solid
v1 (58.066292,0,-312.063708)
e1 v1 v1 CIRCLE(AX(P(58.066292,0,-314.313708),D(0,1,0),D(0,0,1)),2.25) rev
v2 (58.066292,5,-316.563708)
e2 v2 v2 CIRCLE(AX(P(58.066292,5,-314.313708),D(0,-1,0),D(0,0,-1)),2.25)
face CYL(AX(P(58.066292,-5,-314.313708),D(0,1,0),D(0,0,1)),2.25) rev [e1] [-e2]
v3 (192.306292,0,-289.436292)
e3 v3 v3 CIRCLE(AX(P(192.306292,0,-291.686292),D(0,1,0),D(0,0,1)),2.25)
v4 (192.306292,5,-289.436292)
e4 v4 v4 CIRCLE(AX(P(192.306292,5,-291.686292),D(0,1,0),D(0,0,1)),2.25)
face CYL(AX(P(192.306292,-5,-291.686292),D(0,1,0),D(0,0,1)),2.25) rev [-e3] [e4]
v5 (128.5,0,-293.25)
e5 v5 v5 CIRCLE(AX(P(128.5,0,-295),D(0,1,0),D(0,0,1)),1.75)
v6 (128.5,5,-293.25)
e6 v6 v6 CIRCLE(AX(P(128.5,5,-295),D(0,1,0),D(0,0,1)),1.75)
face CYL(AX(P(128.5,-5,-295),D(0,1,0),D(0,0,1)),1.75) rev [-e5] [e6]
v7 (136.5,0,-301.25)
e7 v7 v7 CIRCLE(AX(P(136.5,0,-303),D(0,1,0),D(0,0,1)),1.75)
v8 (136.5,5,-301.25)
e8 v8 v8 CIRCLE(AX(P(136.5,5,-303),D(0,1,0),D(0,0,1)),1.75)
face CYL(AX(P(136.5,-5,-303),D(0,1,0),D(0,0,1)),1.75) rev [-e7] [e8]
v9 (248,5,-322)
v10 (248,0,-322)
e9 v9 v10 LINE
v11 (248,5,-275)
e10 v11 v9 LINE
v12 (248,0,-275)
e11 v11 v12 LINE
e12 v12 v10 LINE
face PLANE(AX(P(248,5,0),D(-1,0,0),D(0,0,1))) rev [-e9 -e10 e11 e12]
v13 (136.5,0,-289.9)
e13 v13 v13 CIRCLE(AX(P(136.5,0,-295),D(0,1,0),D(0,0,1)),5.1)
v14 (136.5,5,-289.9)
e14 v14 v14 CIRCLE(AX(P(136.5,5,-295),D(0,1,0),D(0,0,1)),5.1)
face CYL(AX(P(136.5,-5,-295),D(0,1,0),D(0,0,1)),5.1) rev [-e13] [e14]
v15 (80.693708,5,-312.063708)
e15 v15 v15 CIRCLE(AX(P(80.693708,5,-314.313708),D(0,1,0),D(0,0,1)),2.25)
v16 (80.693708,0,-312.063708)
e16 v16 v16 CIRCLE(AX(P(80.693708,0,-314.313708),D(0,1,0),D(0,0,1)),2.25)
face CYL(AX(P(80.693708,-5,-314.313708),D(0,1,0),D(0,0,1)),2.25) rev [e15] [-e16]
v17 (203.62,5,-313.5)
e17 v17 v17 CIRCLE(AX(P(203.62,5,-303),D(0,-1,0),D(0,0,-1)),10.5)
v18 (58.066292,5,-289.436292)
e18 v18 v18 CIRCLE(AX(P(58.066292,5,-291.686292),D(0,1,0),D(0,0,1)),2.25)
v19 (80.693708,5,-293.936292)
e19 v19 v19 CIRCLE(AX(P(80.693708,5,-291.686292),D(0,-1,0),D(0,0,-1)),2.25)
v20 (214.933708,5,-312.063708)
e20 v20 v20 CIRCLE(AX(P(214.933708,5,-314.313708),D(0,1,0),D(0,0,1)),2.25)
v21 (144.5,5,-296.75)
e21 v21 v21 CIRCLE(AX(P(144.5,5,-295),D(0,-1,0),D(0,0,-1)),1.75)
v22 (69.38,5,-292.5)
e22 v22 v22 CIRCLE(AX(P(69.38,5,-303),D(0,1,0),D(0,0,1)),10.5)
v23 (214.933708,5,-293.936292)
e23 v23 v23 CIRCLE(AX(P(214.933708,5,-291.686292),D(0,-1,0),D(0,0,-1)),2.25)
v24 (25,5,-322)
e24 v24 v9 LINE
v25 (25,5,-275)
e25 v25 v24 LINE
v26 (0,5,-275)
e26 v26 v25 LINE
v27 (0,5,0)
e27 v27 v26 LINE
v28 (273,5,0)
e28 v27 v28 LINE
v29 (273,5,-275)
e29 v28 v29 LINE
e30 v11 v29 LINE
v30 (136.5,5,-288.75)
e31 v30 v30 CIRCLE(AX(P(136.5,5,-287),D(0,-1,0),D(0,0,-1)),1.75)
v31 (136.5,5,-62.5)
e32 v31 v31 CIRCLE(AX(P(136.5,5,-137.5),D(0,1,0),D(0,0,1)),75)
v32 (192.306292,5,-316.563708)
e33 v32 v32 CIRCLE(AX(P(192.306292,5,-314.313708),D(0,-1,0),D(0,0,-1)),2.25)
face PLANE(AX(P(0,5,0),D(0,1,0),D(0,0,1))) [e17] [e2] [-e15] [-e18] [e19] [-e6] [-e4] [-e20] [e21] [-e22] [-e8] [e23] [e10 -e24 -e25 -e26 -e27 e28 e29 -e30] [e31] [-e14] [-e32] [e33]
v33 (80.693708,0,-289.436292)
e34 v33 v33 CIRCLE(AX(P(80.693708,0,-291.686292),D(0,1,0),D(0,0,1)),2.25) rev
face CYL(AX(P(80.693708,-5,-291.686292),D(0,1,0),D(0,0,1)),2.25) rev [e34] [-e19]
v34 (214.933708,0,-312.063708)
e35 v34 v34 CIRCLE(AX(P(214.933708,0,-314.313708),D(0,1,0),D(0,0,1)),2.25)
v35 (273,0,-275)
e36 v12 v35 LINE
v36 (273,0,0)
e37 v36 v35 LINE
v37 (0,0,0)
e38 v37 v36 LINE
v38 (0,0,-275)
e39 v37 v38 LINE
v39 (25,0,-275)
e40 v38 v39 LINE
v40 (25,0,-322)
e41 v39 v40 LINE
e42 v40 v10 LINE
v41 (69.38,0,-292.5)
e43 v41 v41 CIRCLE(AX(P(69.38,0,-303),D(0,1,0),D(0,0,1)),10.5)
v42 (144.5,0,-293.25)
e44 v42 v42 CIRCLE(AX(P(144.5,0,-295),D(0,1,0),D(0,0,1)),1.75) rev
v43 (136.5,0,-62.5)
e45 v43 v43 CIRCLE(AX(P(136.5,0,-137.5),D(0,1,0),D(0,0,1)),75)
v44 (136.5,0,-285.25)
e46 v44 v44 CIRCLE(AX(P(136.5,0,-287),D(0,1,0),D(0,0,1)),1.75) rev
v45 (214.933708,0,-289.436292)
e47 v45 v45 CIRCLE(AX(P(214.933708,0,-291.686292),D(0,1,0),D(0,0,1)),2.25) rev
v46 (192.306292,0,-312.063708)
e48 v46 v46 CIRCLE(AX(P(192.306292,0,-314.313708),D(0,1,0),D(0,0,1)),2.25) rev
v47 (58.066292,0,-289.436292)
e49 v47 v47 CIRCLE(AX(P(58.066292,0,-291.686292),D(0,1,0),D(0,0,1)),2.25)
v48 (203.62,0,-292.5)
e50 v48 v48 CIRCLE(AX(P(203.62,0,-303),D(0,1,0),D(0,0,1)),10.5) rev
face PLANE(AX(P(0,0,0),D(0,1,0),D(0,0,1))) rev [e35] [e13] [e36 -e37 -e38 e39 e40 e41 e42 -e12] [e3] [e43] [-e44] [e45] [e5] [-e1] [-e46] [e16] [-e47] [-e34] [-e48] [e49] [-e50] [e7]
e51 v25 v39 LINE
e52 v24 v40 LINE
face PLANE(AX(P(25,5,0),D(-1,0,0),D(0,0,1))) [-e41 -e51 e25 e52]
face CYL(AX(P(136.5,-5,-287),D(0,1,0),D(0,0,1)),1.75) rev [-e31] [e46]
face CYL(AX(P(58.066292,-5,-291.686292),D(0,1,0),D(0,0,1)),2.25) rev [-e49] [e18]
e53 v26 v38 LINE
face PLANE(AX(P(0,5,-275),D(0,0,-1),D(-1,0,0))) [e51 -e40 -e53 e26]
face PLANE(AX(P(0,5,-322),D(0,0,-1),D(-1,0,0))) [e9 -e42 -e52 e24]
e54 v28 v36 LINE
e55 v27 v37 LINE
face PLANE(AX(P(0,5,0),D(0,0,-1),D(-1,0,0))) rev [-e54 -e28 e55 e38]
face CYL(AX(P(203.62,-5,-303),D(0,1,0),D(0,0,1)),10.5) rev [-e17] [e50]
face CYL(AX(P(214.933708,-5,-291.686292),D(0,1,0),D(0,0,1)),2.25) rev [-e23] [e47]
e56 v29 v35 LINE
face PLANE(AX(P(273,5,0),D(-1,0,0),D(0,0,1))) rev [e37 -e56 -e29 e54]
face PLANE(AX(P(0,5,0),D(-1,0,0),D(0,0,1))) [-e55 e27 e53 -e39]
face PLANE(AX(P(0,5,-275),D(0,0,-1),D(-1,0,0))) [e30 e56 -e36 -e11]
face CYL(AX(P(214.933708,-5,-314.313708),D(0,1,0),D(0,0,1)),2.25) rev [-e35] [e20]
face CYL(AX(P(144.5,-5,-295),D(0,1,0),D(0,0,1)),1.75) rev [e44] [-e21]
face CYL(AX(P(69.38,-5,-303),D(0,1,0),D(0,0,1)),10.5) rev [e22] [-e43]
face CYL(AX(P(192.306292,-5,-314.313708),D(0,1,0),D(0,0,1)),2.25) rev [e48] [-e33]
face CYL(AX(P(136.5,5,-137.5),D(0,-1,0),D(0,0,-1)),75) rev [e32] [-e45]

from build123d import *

# Parameters (mm, degrees)
SKETCH1_W           = 273
SKETCH1_H           = 275
SKETCH1_R           = 75
SKETCH1_W_2         = 223
SKETCH1_H_2         = 47
BOSS_EXTRUDE1_DEPTH = 5
SKETCH2_R           = 5.1
SKETCH2_R_2         = 1.75
SKETCH2_R_3         = 10.5
SKETCH2_R_4         = 2.25
CUT_EXTRUDE1_DEPTH  = 10


with BuildPart() as part:
    # Sketch1 → Boss-Extrude1 (new body)
    with BuildSketch(Plane(origin=(0, 0, 0), x_dir=(1, 0, 0), z_dir=(0, 1, 0))):
        with Locations((136.5, 137.5)):
            Rectangle(SKETCH1_W, SKETCH1_H)
        with Locations((136.5, 137.5)):
            Circle(SKETCH1_R, mode=Mode.SUBTRACT)
        with Locations((136.5, 298.5)):
            Rectangle(SKETCH1_W_2, SKETCH1_H_2)
    extrude(amount=BOSS_EXTRUDE1_DEPTH)

    # Sketch2 → Cut-Extrude1 (cut)
    with BuildSketch(Plane(origin=(0, 5, 0), x_dir=(1, 0, 0), z_dir=(0, 1, 0))):
        with Locations((136.5, 295)):
            Circle(SKETCH2_R)
        with Locations((136.5, 303)):
            Circle(SKETCH2_R_2)
        with Locations((136.5, 287)):
            Circle(SKETCH2_R_2)
        with Locations((128.5, 295)):
            Circle(SKETCH2_R_2)
        with Locations((144.5, 295)):
            Circle(SKETCH2_R_2)
        with Locations((69.38, 303)):
            Circle(SKETCH2_R_3)
        with Locations((80.693708499, 314.313708499)):
            Circle(SKETCH2_R_4)
        with Locations((58.066291501, 314.313708499)):
            Circle(SKETCH2_R_4)
        with Locations((80.693708499, 291.686291501)):
            Circle(SKETCH2_R_4)
        with Locations((58.066291501, 291.686291501)):
            Circle(SKETCH2_R_4)
        with Locations((203.62, 303)):
            Circle(SKETCH2_R_3)
        with Locations((214.933708499, 291.686291501)):
            Circle(SKETCH2_R_4)
        with Locations((192.306291501, 291.686291501)):
            Circle(SKETCH2_R_4)
        with Locations((192.306291501, 314.313708499)):
            Circle(SKETCH2_R_4)
        with Locations((214.933708499, 314.313708499)):
            Circle(SKETCH2_R_4)
    extrude(amount=-CUT_EXTRUDE1_DEPTH, mode=Mode.SUBTRACT)


solid = part.part
